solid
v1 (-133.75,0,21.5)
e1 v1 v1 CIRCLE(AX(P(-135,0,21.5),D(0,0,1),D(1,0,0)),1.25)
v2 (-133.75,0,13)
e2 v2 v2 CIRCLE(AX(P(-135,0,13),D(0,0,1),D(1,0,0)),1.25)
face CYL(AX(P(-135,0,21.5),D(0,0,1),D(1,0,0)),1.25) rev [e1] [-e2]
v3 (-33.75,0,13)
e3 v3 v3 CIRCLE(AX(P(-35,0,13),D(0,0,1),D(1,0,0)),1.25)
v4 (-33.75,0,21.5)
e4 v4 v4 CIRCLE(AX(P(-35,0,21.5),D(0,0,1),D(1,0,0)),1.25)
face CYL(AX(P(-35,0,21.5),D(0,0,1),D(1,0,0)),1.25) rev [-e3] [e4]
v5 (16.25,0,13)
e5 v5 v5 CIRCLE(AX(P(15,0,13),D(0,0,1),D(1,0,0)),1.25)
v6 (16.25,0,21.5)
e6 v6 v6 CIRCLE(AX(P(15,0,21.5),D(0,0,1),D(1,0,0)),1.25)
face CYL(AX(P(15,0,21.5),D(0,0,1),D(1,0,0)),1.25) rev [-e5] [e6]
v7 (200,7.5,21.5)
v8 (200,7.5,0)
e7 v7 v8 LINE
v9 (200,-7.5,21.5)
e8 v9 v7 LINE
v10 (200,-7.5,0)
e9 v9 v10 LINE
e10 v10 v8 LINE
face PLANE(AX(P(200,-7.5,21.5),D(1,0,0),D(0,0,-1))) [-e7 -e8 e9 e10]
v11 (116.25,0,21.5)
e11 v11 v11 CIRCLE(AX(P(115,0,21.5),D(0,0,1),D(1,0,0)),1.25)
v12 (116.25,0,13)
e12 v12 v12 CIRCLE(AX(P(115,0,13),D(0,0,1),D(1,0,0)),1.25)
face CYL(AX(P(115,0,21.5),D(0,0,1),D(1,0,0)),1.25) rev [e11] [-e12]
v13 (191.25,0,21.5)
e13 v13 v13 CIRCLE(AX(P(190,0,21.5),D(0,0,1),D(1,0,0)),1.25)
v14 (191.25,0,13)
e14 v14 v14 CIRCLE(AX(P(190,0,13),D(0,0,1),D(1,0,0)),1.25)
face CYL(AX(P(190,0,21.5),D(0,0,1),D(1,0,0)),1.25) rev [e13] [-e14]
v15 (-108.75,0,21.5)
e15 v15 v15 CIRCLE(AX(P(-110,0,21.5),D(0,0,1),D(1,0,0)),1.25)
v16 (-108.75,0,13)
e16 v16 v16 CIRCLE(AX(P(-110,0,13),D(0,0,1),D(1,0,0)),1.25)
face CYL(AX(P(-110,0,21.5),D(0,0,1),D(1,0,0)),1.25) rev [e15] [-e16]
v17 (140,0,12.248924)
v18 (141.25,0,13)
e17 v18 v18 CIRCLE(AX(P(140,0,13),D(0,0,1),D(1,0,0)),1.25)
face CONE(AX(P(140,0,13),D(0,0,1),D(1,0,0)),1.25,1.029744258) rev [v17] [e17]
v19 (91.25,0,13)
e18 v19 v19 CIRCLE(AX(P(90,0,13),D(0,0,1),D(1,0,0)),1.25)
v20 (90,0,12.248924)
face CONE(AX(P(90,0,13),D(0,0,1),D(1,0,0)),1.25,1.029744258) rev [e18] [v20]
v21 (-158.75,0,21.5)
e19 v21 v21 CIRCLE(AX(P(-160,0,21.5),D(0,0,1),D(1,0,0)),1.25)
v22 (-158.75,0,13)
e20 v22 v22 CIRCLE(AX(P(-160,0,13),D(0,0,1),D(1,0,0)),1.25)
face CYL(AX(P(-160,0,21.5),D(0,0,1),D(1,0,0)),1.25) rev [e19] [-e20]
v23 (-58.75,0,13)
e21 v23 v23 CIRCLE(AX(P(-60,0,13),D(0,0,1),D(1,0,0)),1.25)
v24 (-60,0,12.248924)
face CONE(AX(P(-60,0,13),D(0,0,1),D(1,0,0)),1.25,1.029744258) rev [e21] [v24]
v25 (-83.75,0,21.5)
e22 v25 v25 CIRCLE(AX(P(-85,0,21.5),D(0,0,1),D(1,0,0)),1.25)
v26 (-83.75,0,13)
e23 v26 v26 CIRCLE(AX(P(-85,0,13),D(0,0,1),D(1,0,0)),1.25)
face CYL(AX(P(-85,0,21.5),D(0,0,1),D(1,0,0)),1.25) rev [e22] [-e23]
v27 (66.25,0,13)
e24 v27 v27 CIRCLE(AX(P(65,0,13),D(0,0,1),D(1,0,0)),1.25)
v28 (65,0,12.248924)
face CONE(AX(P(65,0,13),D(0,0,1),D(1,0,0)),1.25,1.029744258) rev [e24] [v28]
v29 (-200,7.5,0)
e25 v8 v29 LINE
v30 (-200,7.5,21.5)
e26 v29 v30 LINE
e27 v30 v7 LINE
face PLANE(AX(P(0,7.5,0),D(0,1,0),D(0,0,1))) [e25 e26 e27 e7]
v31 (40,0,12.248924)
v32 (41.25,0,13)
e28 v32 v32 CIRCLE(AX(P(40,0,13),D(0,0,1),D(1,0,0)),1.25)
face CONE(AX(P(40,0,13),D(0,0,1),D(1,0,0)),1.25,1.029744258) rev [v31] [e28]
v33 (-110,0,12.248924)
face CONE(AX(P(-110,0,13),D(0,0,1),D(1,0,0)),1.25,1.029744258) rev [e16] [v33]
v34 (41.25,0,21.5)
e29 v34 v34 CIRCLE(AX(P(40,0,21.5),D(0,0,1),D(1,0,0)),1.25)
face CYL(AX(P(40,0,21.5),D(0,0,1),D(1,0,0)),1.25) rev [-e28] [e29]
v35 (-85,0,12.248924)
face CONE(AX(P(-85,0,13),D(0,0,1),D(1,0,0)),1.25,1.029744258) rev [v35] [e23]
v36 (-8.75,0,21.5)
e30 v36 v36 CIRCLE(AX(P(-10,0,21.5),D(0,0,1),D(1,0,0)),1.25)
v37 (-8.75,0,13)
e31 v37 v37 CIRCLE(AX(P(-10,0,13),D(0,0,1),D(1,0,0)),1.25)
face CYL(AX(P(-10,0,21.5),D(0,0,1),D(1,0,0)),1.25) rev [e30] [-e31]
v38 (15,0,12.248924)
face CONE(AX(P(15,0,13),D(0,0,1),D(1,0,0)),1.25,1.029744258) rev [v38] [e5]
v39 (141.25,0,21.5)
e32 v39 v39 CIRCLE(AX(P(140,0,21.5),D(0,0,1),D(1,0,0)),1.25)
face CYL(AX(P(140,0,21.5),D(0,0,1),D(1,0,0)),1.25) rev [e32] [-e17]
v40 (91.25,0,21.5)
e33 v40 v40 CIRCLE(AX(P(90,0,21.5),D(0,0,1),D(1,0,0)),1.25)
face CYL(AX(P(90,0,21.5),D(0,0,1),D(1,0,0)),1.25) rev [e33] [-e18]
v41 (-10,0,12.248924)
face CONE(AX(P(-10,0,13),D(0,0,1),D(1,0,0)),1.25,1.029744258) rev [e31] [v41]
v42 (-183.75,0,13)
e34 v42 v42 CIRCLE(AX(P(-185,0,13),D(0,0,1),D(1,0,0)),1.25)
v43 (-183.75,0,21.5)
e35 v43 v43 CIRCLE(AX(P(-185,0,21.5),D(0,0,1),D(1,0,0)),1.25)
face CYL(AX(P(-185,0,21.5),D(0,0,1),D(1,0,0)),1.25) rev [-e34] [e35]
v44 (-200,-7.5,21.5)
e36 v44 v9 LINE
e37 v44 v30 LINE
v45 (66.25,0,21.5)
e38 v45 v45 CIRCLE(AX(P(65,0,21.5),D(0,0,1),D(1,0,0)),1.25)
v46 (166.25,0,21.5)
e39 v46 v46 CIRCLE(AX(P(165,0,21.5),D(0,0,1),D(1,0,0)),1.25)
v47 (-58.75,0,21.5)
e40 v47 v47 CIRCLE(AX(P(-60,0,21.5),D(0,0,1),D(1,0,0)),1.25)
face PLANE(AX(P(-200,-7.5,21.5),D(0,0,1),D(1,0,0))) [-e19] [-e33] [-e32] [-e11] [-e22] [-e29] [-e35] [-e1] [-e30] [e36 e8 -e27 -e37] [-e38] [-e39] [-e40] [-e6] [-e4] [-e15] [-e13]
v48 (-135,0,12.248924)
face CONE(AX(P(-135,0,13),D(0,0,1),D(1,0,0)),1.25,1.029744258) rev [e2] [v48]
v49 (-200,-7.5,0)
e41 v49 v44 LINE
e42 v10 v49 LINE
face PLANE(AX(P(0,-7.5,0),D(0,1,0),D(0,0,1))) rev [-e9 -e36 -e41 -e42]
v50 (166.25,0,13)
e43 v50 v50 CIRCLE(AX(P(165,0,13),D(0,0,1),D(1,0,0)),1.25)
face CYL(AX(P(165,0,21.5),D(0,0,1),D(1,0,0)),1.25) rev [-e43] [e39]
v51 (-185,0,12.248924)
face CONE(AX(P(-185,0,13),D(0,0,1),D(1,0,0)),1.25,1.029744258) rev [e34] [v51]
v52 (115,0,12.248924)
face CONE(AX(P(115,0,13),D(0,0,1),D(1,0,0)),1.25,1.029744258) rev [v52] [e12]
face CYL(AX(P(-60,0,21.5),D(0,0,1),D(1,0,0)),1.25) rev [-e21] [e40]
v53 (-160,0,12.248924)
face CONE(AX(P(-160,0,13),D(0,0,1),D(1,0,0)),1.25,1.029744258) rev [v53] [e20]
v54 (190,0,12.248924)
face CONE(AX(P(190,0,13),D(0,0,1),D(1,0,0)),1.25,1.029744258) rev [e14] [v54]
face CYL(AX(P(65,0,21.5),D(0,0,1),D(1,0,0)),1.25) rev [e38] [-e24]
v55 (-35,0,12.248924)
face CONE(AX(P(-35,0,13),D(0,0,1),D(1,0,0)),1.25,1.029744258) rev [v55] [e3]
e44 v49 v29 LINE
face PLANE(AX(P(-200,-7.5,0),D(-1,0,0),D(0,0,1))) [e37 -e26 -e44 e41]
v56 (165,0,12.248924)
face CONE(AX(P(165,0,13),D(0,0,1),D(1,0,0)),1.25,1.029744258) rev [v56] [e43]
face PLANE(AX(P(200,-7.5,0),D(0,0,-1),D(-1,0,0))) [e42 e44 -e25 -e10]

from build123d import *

# Parameters (mm, degrees)
SKETCH_1_W                  = 400
SKETCH_1_H                  = 21.5
EXTRUDE_1_DEPTH             = 15
HOLE_WIZARD_2_5_2_5_1_D     = 2.5
HOLE_WIZARD_2_5_2_5_1_DEPTH = 8.5
HOLE_WIZARD_2_5_2_5_1_TIP   = 0.751075774


with BuildPart() as part:
    # 草图1 → 凸台-拉伸1 (new body)
    with BuildSketch(Plane(origin=(0, 7.5, 0), x_dir=(1, 0, 0), z_dir=(0, 1, 0))):
        with Locations((0, -10.75)):
            Rectangle(SKETCH_1_W, SKETCH_1_H)
    extrude(amount=-EXTRUDE_1_DEPTH)

    # Ø2.5 (2.5) 直径孔1
    with Locations(Plane.XY.offset(21.5)):
        with Locations((-185, 0), (-160, 0), (-135, 0), (-110, 0), (-85, 0), (-60, 0), (-35, 0), (-10, 0), (15, 0), (40, 0), (65, 0), (90, 0), (115, 0), (140, 0), (190, 0), (165, 0)):
            Hole(HOLE_WIZARD_2_5_2_5_1_D / 2, depth=HOLE_WIZARD_2_5_2_5_1_DEPTH)
            with Locations((0, 0, -(HOLE_WIZARD_2_5_2_5_1_DEPTH + HOLE_WIZARD_2_5_2_5_1_TIP / 2))):  # 118° drill point
                Cone(0, HOLE_WIZARD_2_5_2_5_1_D / 2, HOLE_WIZARD_2_5_2_5_1_TIP, mode=Mode.SUBTRACT)


solid = part.part
